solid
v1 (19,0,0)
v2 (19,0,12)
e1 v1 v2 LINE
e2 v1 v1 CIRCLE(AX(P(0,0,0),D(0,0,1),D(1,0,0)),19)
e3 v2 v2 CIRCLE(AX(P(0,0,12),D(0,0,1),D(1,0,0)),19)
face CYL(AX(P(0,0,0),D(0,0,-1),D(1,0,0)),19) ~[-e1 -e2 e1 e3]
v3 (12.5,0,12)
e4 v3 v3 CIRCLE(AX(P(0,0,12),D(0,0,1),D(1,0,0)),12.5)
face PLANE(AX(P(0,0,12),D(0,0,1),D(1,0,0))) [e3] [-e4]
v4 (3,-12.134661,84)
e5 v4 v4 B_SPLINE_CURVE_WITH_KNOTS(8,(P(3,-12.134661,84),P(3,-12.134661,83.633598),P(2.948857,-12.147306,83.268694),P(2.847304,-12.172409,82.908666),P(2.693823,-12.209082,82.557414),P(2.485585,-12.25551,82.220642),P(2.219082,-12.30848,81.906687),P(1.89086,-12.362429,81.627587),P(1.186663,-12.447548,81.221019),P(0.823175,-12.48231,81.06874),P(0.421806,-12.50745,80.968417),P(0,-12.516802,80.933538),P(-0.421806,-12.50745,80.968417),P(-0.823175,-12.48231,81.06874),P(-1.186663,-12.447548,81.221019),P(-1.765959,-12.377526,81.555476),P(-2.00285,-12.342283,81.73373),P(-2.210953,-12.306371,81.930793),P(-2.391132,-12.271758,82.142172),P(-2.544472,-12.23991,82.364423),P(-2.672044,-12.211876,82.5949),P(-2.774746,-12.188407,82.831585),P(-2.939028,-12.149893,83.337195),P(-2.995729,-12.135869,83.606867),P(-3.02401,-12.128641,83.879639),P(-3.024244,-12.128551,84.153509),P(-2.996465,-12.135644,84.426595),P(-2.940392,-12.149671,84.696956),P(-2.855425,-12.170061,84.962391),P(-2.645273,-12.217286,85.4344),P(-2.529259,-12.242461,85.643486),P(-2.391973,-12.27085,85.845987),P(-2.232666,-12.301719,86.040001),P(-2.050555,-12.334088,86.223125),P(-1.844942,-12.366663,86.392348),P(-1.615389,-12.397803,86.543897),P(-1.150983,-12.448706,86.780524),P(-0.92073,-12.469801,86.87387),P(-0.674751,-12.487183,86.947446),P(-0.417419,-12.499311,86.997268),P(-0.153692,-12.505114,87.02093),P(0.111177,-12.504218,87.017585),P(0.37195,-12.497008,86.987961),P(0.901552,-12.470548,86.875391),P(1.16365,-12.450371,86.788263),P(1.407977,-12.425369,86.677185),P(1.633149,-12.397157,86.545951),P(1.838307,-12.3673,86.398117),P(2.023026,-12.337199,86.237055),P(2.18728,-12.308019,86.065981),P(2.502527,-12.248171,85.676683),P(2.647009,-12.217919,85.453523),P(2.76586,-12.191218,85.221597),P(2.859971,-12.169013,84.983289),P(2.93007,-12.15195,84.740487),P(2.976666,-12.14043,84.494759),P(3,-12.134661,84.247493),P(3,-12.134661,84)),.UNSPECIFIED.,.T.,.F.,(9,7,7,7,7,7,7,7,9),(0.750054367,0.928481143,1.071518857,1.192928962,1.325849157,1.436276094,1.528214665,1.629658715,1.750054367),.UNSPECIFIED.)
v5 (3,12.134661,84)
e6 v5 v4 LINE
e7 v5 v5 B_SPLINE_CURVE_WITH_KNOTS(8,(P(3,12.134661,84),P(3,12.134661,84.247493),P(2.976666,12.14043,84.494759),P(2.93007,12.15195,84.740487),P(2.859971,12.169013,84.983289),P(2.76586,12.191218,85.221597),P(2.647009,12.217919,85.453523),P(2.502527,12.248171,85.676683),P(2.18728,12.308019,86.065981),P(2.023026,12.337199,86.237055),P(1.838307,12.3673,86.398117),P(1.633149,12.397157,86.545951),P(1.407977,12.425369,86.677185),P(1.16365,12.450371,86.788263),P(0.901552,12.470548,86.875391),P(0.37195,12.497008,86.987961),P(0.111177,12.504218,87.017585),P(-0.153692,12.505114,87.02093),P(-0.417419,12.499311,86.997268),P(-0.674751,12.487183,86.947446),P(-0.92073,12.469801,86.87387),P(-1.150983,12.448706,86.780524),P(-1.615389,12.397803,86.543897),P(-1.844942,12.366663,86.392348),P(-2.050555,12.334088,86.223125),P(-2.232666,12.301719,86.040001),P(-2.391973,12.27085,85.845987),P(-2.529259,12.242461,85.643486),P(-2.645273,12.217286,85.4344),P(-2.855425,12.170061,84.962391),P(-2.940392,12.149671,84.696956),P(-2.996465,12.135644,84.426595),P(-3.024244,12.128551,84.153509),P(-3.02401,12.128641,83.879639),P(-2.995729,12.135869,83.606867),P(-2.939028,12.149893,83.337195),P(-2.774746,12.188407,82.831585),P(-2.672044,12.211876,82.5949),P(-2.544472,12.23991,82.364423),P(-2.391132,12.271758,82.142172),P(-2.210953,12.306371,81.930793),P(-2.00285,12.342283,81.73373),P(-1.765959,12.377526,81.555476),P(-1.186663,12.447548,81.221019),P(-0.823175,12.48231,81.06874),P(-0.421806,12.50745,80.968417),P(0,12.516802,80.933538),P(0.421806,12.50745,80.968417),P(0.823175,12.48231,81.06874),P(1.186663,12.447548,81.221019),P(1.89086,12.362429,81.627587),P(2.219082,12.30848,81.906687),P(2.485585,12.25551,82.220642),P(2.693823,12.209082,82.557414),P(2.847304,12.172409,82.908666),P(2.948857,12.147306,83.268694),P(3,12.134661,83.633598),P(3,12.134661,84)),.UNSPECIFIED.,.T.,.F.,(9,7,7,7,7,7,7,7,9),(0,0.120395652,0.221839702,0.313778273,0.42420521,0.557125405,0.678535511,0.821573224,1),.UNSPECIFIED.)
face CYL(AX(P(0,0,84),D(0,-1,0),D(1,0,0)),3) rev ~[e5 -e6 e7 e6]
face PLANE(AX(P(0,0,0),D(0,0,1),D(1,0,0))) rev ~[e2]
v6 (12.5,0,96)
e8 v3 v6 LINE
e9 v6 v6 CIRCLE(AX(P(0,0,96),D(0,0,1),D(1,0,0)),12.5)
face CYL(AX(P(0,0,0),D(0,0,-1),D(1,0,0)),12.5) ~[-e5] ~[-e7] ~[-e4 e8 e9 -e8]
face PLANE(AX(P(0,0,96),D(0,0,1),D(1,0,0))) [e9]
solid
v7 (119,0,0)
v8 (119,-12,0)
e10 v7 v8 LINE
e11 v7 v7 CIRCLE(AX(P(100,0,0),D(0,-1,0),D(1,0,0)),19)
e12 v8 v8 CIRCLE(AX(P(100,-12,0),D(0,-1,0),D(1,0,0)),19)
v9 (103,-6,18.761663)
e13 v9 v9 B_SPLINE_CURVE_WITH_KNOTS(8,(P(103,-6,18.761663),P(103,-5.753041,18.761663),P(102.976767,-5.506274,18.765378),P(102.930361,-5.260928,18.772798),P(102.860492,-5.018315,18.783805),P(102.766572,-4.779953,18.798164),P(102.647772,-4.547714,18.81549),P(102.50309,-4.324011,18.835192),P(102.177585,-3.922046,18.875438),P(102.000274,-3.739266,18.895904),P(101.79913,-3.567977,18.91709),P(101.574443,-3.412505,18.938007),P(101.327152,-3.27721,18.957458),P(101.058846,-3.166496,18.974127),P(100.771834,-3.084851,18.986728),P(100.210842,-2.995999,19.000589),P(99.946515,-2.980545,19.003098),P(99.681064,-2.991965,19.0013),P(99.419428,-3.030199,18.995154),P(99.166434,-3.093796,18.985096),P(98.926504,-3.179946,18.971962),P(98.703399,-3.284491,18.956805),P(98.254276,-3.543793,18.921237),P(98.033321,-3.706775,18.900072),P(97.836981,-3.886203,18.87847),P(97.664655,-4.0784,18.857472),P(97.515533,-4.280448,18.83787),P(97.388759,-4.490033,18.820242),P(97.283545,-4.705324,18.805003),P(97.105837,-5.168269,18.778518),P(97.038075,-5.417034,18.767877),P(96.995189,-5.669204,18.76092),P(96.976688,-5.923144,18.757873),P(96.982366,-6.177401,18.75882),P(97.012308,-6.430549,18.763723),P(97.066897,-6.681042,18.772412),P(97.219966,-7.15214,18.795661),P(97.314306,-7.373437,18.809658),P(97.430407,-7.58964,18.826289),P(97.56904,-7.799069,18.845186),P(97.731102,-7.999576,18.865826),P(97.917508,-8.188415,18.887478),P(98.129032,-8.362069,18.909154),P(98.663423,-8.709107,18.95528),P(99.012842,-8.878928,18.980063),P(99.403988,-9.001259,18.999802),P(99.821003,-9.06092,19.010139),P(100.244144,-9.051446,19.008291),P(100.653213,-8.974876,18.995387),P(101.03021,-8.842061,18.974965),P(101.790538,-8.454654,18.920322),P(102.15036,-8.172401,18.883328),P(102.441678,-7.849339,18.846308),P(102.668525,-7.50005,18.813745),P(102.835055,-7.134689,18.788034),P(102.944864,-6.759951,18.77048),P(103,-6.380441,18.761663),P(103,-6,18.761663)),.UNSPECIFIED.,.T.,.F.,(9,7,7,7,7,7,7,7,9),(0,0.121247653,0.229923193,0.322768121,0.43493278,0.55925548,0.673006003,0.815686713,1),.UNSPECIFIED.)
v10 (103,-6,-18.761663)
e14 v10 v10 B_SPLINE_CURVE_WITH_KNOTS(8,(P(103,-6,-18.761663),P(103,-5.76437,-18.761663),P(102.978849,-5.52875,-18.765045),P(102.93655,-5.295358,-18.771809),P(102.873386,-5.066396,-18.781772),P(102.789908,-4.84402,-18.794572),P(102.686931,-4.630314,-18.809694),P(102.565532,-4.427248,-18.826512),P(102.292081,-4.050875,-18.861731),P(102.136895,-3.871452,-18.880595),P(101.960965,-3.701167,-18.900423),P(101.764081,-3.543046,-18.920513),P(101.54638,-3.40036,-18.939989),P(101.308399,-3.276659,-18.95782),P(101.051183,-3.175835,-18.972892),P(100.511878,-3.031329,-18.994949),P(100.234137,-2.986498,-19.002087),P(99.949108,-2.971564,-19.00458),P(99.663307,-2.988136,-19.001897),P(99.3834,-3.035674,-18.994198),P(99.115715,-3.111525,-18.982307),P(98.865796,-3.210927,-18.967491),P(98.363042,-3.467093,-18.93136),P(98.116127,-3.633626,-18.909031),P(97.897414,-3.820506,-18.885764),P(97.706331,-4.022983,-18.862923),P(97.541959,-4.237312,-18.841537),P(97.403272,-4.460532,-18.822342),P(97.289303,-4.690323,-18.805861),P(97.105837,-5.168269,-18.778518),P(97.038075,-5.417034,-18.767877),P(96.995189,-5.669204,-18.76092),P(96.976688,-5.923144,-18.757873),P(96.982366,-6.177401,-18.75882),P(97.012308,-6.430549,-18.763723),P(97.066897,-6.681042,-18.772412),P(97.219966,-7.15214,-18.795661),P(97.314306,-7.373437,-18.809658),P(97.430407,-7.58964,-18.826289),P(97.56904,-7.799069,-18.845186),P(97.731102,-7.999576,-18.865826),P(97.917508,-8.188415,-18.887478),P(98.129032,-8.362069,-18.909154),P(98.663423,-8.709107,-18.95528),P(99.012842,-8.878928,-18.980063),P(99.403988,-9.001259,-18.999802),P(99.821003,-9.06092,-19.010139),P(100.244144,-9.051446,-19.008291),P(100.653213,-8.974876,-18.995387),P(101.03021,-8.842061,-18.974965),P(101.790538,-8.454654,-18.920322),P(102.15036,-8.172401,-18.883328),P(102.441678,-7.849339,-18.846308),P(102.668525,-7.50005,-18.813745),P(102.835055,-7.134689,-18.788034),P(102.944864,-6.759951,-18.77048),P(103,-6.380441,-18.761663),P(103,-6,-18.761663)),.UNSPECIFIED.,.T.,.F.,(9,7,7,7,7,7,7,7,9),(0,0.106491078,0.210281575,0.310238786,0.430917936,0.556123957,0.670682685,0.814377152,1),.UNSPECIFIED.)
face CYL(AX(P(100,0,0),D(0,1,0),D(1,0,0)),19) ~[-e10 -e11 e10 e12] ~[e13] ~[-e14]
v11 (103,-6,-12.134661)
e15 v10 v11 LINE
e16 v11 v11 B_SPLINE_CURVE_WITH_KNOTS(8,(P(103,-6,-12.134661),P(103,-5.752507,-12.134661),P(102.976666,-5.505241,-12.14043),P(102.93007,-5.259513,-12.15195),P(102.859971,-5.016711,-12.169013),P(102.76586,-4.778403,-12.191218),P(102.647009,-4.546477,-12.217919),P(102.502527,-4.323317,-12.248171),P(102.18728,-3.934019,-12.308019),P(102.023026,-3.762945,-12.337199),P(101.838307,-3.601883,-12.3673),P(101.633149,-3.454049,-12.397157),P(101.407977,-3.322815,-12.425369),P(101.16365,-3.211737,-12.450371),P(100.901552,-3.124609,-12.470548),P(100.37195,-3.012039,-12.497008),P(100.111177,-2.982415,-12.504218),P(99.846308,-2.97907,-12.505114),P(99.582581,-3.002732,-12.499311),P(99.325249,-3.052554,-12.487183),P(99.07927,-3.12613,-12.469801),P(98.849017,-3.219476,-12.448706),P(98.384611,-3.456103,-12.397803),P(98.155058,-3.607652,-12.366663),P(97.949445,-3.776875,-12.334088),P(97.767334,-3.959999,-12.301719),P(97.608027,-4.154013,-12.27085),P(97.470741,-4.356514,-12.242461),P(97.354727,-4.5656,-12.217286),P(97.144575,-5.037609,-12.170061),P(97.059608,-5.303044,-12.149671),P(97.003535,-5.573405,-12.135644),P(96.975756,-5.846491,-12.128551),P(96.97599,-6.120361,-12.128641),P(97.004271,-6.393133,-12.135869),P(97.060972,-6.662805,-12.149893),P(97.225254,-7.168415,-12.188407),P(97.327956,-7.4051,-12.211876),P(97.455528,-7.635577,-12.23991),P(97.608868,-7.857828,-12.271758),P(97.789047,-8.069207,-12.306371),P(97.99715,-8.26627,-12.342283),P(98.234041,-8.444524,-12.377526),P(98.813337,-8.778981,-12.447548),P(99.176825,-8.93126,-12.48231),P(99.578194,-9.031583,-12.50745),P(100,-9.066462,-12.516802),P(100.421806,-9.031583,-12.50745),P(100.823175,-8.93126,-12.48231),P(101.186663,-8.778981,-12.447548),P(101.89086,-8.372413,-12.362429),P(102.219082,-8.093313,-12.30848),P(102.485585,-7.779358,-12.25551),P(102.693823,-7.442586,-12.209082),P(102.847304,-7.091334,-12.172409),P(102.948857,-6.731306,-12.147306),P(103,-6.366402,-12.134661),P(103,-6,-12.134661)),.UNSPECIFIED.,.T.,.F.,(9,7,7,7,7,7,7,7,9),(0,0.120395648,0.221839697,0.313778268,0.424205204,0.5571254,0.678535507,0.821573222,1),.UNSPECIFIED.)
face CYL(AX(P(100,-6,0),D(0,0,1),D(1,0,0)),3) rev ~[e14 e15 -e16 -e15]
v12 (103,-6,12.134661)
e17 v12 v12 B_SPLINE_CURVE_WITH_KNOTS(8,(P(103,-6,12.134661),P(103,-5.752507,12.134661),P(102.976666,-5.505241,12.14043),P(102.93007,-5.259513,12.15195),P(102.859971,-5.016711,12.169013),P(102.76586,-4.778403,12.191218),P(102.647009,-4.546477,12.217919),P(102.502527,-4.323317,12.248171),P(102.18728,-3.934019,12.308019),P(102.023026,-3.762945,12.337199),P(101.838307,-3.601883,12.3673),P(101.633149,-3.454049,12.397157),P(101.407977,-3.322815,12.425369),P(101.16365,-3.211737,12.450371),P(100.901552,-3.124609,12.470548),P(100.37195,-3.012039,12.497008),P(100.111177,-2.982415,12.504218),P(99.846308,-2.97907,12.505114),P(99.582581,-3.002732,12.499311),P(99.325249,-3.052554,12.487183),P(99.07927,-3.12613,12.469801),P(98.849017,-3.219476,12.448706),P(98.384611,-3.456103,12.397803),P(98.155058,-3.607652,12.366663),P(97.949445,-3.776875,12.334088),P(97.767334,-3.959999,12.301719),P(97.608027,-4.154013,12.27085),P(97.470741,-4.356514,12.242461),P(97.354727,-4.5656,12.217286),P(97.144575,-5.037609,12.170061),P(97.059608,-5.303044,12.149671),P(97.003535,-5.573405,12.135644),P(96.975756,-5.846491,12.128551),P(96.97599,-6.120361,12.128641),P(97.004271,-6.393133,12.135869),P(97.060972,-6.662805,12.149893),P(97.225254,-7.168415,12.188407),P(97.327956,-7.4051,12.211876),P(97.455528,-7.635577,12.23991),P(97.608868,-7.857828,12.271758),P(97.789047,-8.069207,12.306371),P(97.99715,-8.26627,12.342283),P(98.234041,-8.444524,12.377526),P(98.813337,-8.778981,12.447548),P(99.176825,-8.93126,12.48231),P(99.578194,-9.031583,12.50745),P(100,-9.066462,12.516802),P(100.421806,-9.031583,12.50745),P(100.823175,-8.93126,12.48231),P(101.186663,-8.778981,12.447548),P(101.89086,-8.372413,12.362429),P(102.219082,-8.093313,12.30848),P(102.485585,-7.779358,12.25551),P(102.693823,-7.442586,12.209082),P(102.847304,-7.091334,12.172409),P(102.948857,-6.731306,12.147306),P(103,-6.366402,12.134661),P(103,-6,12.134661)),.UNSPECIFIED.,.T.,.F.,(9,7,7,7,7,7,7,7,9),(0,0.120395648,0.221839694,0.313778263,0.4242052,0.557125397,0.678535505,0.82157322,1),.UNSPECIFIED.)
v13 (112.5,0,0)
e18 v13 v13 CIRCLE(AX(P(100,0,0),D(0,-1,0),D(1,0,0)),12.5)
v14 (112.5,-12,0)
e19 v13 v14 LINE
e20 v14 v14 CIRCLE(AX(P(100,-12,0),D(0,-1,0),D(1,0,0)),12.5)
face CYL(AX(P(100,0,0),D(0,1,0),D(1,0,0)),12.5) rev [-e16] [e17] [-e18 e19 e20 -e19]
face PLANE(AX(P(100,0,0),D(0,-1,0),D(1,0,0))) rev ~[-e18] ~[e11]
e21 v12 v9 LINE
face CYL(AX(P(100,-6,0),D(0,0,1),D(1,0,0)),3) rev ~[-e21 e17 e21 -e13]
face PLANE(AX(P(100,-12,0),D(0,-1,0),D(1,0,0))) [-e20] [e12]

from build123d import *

# Parameters (mm, degrees)
F0_R     = 12.5
F1_DEPTH = 96
F0_R_2   = 19
F2_DEPTH = 12
F3_R     = 19
F3_R_2   = 12.5
F4_DEPTH = 12
F5_R     = 3
F6_DEPTH = 12.5
F7_R     = 3
F8_DEPTH = 36.2


with BuildPart() as f1:
    # F0 (on Top) → F1 (new body)
    with BuildSketch(Plane.XY):
        Circle(F0_R)
    extrude(amount=F1_DEPTH)

    # F0 (on Top) → F2 (join)
    with BuildSketch(Plane.XY):
        Circle(F0_R_2)
        Circle(F0_R, mode=Mode.SUBTRACT)
    extrude(amount=F2_DEPTH)

    # F5 (on Front) → F6 (cut, symmetric)
    with BuildSketch(Plane.XZ):
        with Locations((0, 84)):
            Circle(F5_R)
    extrude(amount=F6_DEPTH, both=True, mode=Mode.SUBTRACT)


with BuildPart() as f4:
    # F3 (on Front) → F4 (new body)
    with BuildSketch(Plane.XZ):
        with Locations((100, 0)):
            Circle(F3_R)
        with Locations((100, 0)):
            Circle(F3_R_2, mode=Mode.SUBTRACT)
    extrude(amount=F4_DEPTH)

    # F7 (on Top) → F8 (cut, symmetric)
    with BuildSketch(Plane.XY):
        with Locations((100, -6)):
            Circle(F7_R)
    extrude(amount=F8_DEPTH, both=True, mode=Mode.SUBTRACT)


solid = Compound([f1.part, f4.part])
